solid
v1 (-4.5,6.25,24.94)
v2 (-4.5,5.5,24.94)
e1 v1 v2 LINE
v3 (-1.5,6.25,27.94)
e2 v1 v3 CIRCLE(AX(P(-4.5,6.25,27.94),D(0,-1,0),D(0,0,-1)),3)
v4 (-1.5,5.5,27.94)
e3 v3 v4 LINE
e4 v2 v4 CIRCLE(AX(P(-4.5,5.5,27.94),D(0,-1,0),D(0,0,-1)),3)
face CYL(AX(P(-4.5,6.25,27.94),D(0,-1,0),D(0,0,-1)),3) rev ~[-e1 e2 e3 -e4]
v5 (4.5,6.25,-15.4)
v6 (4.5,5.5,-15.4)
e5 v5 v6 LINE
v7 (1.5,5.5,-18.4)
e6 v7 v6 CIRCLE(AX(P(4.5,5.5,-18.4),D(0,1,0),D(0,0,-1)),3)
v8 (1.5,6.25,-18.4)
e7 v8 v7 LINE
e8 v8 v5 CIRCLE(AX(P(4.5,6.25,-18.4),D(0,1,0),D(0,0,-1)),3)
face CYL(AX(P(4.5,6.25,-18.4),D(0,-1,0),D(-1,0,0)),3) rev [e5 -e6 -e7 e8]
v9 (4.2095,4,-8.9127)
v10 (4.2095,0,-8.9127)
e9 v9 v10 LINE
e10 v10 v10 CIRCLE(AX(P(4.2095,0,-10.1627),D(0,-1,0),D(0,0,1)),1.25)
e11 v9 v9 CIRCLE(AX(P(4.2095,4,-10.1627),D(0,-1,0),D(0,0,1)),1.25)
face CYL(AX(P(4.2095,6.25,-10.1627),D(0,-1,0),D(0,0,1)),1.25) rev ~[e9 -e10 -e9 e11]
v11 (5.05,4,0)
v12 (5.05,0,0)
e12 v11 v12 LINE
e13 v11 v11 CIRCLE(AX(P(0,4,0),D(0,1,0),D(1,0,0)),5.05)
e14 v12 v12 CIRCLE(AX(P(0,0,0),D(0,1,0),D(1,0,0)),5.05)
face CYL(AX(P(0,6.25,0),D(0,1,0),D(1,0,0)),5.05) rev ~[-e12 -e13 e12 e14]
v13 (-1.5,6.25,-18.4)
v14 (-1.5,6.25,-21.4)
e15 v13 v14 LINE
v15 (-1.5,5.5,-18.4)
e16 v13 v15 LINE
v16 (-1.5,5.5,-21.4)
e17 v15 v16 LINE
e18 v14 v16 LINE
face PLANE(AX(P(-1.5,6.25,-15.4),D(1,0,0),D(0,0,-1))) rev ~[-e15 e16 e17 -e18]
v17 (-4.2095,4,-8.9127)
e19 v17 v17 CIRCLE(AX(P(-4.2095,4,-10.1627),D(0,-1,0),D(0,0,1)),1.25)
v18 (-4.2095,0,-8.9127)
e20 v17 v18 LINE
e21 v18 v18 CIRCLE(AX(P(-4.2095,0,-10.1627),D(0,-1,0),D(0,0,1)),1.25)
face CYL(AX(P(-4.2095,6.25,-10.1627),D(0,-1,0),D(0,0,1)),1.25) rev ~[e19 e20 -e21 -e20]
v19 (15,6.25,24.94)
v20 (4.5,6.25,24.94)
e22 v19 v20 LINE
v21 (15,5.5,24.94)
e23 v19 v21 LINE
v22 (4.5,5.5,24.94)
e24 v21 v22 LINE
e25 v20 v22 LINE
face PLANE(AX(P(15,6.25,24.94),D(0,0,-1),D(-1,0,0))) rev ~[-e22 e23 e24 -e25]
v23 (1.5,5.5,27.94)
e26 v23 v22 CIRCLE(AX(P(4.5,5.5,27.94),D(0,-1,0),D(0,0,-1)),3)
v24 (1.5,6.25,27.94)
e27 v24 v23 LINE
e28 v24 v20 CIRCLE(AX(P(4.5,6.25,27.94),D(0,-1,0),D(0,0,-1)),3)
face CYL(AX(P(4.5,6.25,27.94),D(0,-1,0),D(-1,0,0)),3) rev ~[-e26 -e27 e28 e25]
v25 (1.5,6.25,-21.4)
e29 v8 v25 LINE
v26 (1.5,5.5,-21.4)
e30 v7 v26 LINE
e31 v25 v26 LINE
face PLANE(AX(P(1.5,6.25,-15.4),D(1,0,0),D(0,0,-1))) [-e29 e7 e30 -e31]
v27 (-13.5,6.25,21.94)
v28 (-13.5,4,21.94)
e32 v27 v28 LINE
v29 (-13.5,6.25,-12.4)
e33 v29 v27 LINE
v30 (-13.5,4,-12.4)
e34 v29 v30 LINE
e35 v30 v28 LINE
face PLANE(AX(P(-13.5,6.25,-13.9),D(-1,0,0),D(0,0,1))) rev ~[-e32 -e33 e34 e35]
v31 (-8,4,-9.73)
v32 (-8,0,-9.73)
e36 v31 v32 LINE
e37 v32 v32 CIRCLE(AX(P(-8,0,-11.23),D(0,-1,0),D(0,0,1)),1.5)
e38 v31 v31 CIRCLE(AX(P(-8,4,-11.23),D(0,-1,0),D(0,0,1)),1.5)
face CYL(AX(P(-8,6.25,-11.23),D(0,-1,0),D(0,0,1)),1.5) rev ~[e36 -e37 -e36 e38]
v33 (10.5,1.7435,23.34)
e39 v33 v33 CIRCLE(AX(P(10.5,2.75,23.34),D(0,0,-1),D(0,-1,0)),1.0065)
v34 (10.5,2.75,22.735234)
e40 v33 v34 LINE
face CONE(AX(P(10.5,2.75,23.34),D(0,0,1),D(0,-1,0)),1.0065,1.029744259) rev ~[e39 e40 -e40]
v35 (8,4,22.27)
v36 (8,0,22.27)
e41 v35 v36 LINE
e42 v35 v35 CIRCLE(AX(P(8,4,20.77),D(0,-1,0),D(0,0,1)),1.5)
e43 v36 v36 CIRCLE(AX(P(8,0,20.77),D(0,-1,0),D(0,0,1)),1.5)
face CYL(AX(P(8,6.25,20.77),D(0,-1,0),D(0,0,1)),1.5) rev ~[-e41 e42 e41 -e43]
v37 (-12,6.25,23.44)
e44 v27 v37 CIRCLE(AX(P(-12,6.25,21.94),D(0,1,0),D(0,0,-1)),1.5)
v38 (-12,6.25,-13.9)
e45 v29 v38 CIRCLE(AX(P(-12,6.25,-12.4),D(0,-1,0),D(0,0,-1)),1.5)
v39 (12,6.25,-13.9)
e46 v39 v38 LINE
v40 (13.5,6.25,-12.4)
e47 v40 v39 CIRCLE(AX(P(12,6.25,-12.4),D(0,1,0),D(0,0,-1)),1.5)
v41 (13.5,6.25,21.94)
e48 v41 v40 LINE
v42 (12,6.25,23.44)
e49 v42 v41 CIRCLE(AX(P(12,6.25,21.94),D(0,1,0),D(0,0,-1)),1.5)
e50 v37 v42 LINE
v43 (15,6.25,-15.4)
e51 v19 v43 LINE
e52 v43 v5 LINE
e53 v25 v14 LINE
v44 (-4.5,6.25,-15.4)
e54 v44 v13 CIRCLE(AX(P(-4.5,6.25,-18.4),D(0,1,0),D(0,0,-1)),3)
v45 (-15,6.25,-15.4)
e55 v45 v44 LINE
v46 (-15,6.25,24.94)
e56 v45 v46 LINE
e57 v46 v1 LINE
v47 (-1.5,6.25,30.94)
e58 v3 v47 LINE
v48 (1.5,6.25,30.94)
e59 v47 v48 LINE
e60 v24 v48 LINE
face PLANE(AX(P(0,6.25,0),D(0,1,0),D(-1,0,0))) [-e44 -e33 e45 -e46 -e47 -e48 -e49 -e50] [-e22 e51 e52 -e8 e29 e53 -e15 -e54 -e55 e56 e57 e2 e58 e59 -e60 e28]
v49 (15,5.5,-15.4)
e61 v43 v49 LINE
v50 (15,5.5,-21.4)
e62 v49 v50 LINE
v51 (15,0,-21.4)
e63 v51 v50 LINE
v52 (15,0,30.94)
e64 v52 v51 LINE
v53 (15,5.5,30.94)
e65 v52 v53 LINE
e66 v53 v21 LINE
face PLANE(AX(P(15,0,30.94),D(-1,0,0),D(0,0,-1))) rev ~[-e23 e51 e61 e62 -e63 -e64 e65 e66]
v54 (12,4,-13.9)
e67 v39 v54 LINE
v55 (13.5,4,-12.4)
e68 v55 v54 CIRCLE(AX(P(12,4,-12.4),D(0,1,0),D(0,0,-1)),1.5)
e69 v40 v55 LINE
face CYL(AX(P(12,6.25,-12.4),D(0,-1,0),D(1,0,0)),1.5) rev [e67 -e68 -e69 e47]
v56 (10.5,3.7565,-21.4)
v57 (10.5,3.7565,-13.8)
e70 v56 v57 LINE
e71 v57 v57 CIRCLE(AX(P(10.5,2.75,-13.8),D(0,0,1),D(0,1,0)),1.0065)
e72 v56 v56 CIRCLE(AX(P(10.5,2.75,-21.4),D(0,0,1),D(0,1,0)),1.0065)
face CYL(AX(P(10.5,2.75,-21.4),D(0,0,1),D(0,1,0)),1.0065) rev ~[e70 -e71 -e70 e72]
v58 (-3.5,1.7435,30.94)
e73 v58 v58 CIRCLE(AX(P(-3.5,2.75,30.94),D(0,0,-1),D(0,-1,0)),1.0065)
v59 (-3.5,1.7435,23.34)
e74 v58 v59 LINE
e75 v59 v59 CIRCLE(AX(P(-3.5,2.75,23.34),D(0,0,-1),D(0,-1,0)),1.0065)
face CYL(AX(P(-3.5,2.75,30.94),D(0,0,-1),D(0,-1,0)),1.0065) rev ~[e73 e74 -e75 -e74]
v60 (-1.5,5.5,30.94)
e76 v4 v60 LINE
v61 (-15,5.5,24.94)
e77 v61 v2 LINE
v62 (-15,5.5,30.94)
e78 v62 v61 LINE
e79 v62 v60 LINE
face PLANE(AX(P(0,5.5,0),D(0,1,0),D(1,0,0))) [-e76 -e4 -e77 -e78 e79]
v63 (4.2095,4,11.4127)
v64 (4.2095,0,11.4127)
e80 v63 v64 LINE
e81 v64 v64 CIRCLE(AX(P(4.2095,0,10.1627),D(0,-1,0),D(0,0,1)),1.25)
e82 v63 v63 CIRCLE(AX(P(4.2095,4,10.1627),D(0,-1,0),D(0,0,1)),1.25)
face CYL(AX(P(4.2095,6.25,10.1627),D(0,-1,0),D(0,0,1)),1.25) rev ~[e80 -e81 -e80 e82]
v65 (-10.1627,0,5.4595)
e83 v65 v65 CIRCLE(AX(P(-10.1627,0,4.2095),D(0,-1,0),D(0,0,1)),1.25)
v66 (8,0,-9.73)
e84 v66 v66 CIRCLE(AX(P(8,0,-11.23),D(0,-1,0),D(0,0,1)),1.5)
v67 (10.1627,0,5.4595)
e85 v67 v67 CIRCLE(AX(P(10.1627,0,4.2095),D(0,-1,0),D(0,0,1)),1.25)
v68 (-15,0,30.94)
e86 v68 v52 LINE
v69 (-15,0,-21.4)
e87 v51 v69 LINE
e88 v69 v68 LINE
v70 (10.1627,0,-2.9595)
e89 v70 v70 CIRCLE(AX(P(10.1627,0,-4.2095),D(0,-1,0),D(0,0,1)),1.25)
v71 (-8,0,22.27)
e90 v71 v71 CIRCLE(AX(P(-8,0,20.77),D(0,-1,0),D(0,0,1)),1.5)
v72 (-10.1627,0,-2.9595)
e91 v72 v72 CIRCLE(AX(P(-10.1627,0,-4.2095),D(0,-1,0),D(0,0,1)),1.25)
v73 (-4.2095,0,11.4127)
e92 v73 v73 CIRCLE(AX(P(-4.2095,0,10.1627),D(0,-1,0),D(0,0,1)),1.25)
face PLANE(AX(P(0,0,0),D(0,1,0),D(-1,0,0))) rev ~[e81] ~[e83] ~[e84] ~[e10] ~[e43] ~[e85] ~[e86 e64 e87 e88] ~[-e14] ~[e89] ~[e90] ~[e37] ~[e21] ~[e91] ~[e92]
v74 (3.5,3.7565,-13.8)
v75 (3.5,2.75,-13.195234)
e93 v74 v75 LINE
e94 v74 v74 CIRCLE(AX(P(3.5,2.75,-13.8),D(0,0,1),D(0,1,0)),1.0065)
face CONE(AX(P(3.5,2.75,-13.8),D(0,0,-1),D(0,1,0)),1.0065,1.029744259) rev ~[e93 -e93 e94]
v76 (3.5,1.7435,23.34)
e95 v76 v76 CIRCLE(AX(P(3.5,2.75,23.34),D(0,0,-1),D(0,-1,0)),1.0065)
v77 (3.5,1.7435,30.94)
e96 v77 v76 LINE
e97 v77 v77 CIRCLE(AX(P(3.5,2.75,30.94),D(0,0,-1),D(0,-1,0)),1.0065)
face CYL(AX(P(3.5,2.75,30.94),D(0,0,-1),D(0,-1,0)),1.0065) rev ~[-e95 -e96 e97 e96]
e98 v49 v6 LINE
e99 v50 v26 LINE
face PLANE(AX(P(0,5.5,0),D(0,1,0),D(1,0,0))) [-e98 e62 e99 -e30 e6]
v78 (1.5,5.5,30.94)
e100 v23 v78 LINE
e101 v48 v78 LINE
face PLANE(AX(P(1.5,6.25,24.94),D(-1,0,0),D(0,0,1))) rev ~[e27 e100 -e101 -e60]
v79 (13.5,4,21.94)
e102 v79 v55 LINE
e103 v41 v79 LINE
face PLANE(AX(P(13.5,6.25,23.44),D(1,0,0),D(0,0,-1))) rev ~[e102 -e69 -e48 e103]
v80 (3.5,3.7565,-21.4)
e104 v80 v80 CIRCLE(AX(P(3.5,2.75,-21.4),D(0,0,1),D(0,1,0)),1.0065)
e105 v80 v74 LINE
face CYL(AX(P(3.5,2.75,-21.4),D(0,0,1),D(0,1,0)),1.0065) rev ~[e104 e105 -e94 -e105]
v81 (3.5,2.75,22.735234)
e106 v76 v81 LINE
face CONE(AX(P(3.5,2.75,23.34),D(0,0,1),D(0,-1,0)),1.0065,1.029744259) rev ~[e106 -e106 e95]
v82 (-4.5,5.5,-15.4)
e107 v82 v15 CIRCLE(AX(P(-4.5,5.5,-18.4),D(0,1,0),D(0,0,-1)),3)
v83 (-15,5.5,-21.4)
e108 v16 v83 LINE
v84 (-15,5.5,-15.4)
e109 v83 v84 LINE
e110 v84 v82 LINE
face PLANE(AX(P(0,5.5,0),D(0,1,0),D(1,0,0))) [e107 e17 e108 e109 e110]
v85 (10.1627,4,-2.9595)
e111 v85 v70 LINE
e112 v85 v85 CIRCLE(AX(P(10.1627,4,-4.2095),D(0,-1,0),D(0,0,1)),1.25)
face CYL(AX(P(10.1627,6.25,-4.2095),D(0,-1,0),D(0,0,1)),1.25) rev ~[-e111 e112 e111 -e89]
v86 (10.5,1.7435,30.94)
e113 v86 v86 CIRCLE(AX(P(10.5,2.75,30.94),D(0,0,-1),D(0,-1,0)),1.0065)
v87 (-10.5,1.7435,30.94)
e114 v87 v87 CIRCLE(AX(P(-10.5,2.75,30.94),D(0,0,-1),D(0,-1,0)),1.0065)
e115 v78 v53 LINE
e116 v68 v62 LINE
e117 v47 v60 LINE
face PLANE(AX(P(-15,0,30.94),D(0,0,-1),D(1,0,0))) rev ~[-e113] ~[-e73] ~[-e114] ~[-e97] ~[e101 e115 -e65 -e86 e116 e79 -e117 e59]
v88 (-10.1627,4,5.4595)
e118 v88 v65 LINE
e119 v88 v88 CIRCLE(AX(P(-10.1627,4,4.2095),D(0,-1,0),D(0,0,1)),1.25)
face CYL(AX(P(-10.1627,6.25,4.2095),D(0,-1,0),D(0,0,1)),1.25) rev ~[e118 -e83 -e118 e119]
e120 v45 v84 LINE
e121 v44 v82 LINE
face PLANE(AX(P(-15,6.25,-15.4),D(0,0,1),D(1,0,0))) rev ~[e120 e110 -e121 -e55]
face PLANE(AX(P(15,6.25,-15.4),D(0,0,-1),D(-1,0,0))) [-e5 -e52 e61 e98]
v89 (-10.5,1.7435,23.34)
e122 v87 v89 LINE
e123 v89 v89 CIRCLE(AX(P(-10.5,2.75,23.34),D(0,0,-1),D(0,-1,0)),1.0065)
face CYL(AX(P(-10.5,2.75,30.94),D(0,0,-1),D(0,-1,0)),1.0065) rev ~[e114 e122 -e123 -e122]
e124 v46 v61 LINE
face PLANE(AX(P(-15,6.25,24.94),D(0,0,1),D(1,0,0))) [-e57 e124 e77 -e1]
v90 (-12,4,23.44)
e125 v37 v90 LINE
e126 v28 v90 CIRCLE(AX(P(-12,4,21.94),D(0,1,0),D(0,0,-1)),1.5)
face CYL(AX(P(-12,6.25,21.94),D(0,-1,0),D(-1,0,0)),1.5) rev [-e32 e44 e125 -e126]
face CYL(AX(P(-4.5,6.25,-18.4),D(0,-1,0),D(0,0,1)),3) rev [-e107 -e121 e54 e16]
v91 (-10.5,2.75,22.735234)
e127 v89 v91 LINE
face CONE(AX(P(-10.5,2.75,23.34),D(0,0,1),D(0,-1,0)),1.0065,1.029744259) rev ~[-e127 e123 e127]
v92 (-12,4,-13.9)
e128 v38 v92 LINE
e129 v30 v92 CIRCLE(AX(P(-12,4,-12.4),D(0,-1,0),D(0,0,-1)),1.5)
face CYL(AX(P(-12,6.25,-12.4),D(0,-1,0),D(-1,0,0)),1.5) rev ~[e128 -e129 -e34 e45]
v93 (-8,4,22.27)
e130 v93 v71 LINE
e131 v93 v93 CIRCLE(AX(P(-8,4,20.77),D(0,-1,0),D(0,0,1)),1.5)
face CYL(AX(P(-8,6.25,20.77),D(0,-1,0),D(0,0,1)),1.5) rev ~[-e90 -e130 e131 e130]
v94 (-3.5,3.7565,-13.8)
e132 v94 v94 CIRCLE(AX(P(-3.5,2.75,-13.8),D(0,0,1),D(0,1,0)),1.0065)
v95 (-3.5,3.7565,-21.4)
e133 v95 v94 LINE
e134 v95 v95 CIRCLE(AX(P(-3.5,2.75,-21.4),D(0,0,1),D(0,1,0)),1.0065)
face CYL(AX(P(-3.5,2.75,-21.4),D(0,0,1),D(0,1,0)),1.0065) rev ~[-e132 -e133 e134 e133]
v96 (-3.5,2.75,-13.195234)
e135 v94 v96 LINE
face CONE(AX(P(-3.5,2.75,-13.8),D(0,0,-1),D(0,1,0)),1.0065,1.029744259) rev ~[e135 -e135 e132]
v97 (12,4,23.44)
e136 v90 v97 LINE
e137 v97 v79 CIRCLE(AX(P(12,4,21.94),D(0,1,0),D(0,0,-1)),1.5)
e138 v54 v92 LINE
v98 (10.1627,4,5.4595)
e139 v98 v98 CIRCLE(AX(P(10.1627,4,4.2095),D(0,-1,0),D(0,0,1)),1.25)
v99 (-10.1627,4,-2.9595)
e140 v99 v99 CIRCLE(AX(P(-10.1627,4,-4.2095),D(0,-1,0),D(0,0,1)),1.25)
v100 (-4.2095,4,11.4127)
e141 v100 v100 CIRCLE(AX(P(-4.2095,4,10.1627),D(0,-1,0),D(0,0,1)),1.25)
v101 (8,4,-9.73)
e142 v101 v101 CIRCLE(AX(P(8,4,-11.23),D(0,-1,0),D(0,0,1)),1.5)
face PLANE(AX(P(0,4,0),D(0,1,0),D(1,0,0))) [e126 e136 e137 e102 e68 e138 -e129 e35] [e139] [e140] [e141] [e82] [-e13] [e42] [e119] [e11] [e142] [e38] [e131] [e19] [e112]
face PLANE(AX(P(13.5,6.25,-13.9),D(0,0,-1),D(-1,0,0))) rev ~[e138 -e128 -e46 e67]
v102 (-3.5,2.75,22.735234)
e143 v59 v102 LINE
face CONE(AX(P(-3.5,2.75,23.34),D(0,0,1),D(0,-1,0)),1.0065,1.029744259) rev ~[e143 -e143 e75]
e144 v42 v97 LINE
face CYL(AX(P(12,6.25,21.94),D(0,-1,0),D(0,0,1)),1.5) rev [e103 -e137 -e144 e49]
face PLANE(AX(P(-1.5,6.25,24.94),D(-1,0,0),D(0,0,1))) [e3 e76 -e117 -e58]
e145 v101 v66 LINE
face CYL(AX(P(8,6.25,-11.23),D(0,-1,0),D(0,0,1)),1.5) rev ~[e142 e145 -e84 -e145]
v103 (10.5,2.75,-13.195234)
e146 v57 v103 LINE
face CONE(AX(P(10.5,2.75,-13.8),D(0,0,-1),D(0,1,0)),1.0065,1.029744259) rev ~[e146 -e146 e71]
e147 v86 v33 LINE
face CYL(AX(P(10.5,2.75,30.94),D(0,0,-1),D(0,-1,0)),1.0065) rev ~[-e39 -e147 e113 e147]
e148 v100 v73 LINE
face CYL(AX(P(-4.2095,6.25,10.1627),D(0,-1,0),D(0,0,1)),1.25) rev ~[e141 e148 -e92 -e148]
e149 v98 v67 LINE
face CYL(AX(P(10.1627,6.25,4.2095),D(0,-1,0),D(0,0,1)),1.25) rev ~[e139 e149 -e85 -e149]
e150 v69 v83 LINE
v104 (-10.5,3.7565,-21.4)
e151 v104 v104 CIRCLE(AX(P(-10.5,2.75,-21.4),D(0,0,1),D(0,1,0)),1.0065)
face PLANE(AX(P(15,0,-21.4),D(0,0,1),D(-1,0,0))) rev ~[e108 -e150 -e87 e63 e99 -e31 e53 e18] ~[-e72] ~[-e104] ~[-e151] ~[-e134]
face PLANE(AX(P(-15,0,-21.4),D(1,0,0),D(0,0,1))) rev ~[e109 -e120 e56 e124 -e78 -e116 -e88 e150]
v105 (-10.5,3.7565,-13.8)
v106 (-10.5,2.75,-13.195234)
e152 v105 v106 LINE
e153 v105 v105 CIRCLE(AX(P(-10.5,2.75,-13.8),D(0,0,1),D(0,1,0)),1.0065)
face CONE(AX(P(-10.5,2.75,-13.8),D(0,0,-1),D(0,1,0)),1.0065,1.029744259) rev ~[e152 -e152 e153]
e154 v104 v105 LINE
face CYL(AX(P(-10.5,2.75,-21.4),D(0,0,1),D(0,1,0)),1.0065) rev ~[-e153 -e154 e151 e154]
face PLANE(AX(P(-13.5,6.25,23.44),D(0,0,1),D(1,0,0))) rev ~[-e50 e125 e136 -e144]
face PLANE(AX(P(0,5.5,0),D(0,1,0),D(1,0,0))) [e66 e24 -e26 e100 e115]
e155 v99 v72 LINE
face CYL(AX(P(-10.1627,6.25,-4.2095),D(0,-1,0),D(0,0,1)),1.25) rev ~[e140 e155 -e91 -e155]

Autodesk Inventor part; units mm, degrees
ref_plane "YZ Plane" through (0, 0, 0) normal (1, 0, 0) x (0, 1, 0)
ref_plane "XZ Plane" through (0, 0, 0) normal (0, 1, 0) x (-1, 0, 0)
ref_plane "XY Plane" through (0, 0, 0) normal (0, 0, 1) x (1, 0, 0)
sketch "Sketch1" plane through (0, 0, 0) normal (0, 1, 0) x (-1, 0, 0)
  line L0 (15, 30.94) -> (-15, 30.94)
  line L1 (-15, 30.94) -> (-15, -21.4)
  line L2 (-15, -21.4) -> (15, -21.4)
  line L3 (15, -21.4) -> (15, 30.94)
  line L4 (0, 30.94) -> (0, -21.4) construction
  line L5 (15, 0) -> (-15, 0) construction
  line L6 (15, 4.77) -> (-15, 4.77) construction
  point P0 (0, 0)
  point P1 (0, 0)
  dimension "d0" = 52.34
  dimension "d1" = 30
  dimension "d64" = 4.77
extrude "Extrusion1" add sketch "Sketch1" along normal blind 6.25
sketch "Sketch2" plane through (0, 6.25, 0) normal (0, 1, 0) x (1, 0, 0)
  circle A0 centre (0, 0) radius 11 construction
  line L0 (0, 0) -> (-4.2095, -10.1627) construction
  line L1 (-15, -30.94) -> (15, -30.94) projected
  line L2 (15, -30.94) -> (15, 21.4) projected
  line L3 (15, 21.4) -> (-15, 21.4) projected
  line L4 (-15, 21.4) -> (-15, -30.94) projected
  line L5 (0, 0) -> (-4.2095, -10.1627) construction
  line L6 (0, 0) -> (0, -30.94) construction
  point P0 (4.2095, -10.1627)
  point P1 (10.1627, -4.2095)
  point P2 (10.1627, 4.2095)
  point P3 (4.2095, 10.1627)
  point P4 (-4.2095, 10.1627)
  point P5 (-10.1627, 4.2095)
  point P6 (-10.1627, -4.2095)
  dimension "d7" = 22
  dimension "d8" = 360
  dimension "d98" = 22.5
hole "Hole1" at (-4.2095, 6.25, 10.1627) at (-10.1627, 6.25, 4.2095) at (-10.1627, 6.25, -4.2095) at (-4.2095, 6.25, -10.1627) at (4.2095, 6.25, -10.1627) at (10.1627, 6.25, -4.2095) at (10.1627, 6.25, 4.2095) at (4.2095, 6.25, 10.1627) direction (0, -1, 0) diameter 2.5 end through all
sketch "Sketch3" plane through (0, 6.25, 0) normal (0, 1, 0) x (1, 0, 0)
  circle A0 centre (0, 0) radius 5.05
  dimension "d17" = 10.1
extrude "Extrusion2" cut sketch "Sketch3" against normal through all
sketch "Sketch4" plane through (0, 6.25, 0) normal (0, 1, 0) x (1, 0, 0)
  line L0 (-8, -20.77) -> (8, -20.77) construction
  line L1 (8, -20.77) -> (8, 11.23) construction
  line L2 (8, 11.23) -> (-8, 11.23) construction
  line L3 (-8, 11.23) -> (-8, -20.77) construction
  line L4 (-15, -30.94) -> (15, -30.94) construction
  line L5 (0, -30.94) -> (0, 21.4) construction
  line L6 (15, 21.4) -> (-15, 21.4) construction
  line L7 (-15, 21.4) -> (-15, -30.94) construction
  line L8 (-15, -4.77) -> (15, -4.77) construction
  line L9 (15, -30.94) -> (15, 21.4) construction
  line L10 (0, -20.77) -> (0, 11.23) construction
  line L11 (-8, -4.77) -> (8, -4.77) construction
  point P0 (0, 0)
  dimension "d20" = 32
  dimension "d21" = 16
hole "Hole2" at (-8, 6.25, 20.77) at (8, 6.25, 20.77) at (8, 6.25, -11.23) at (-8, 6.25, -11.23) direction (0, -1, 0) diameter 3 end through all
sketch "Sketch6" plane through (-15, 0, 30.94) normal (0, 0, 1) x (1, 0, 0)
  line L0 (-10.3797, 2.75) -> (37.9037, 2.75) construction
  line L1 (0, 0) -> (30, 0) construction
  line L2 (0, 0) -> (0, 6.25) projected
  point P0 (15, 0)
  point P1 (4.5, 2.75)
  point P2 (11.5, 2.75)
  point P3 (18.5, 2.75)
  point P4 (25.5, 2.75)
  dimension "d33" = 2.75
  dimension "d34" = 4.5
  dimension "d37" = 7
hole "Hole3" at (-10.5, 2.75, 30.94) at (-3.5, 2.75, 30.94) at (3.5, 2.75, 30.94) at (10.5, 2.75, 30.94) direction (0, 0, -1) diameter 2.013 depth 7.6 tip angle 118 thread size "M2.5x0.45" class "6H" standard "ANSI Metric M Profile"
sketch "Sketch7" plane through (15, 0, -21.4) normal (0, 0, -1) x (-1, 0, 0)
  line L0 (-10.51, 2.75) -> (37.7733, 2.75) construction
  line L1 (0, 0) -> (29.8697, 0) construction
  line L2 (0, 0) -> (0, 3.7534)
  line L3 (0, 0) -> (30, 0) projected
  line L4 (0, 0) -> (0, 6.25) projected
  point P0 (15, 0)
  point P1 (15, 0)
  point P2 (4.5, 2.75)
  point P3 (11.5, 2.75)
  point P4 (18.5, 2.75)
  point P5 (25.5, 2.75)
  dimension "d53" = 2.75
  dimension "d54" = 4.5
  dimension "d55" = 7
hole "Hole4" at (10.5, 2.75, -21.4) at (-10.5, 2.75, -21.4) at (-3.5, 2.75, -21.4) at (3.5, 2.75, -21.4) direction (0, 0, 1) diameter 2.013 depth 7.6 tip angle 118 thread size "M2.5x0.45" class "6H" standard "ANSI Metric M Profile"
sketch "Sketch8" plane through (0, 6.25, 0) normal (0, 1, 0) x (1, 0, 0)
  line L0 (0, 32.012) -> (0, -41.432) construction
  line L1 (-15, -30.94) -> (15, -30.94) projected
  line L2 (15, 21.4) -> (-15, 21.4) projected
  line L3 (-1.5, -30.94) -> (-15, -30.94)
  line L4 (-15, -30.94) -> (-15, -24.94)
  line L5 (-15, -24.94) -> (-1.5, -24.94)
  line L6 (1.5, -30.94) -> (15, -30.94)
  line L7 (15, -30.94) -> (15, -24.94)
  line L8 (15, -24.94) -> (1.5, -24.94)
  line L9 (15, -30.94) -> (15, 21.4) projected
  line L10 (-15, 21.4) -> (-15, -30.94) projected
  line L11 (-1.5, -24.94) -> (-1.5, -30.94)
  line L12 (-15, -30.94) -> (15, -30.94) projected
  line L13 (1.5, -24.94) -> (1.5, -30.94)
  line L14 (-15, -4.77) -> (15, -4.77) construction
  line L15 (-1.5, 21.4) -> (-15, 21.4)
  line L16 (-15, 21.4) -> (-15, 15.4)
  line L17 (-15, 15.4) -> (-1.5, 15.4)
  line L18 (1.5, 21.4) -> (15, 21.4)
  line L19 (15, 21.4) -> (15, 15.4)
  line L20 (15, 15.4) -> (1.5, 15.4)
  line L21 (-1.5, 15.4) -> (-1.5, 21.4)
  line L22 (1.5, 15.4) -> (1.5, 21.4)
  line L23 (-21.8515, -28.94) -> (23.2072, -28.94) construction
  point P0 (0, 0)
  dimension "d80" = 6
  dimension "d81" = 3
  dimension "d82" = 13.5
  dimension "d86" = 2
sketch "Sketch9" plane through (0, 6.25, 0) normal (0, 1, 0) x (1, 0, 0)
  circle A0 centre (-4.2095, -10.1627) radius 1.25 construction
  circle A1 centre (4.2095, -10.1627) radius 1.25 construction
  circle A2 centre (10.1627, -4.2095) radius 1.25 construction
  circle A3 centre (10.1627, 4.2095) radius 1.25 construction
  circle A4 centre (4.2095, 10.1627) radius 1.25 construction
  circle A5 centre (-4.2095, 10.1627) radius 1.25 construction
  circle A6 centre (-10.1627, 4.2095) radius 1.25 construction
  circle A7 centre (-10.1627, -4.2095) radius 1.25 construction
  circle A8 centre (0, 0) radius 11 construction
hole "Hole5" at (-4.2095, 6.25, 10.1627) at (4.2095, 6.25, 10.1627) at (10.1627, 6.25, 4.2095) at (10.1627, 6.25, -4.2095) at (4.2095, 6.25, -10.1627) at (-4.2095, 6.25, -10.1627) at (-10.1627, 6.25, -4.2095) at (-10.1627, 6.25, 4.2095) direction (0, -1, 0) diameter 5 depth 2.175
extrude "Extrusion6" cut sketch "Sketch8" against normal blind 0.75 contours L4 L5 L11 L1 | L13 L8 L7 L1 | L10 L2 L21 L17 | L20 L22 L2 L9
fillet "Fillet1" radius 3 4 edges at (1.5, 5.875, 24.94) (-1.5, 5.875, 24.94) (1.5, 5.875, -15.4) (-1.5, 5.875, -15.4)
sketch "Sketch11" plane through (0, 6.25, 0) normal (0, 1, 0) x (1, 0, 0)
  line L0 (-13.5, -23.44) -> (13.5, -23.44)
  line L1 (13.5, -23.44) -> (13.5, 13.9)
  line L2 (13.5, 13.9) -> (-13.5, 13.9)
  line L3 (-13.5, 13.9) -> (-13.5, -23.44)
  line L4 (-15, 15.4) -> (-15, -24.94) projected
  line L5 (15, -24.94) -> (15, 15.4) projected
  line L6 (-1.5, -30.94) -> (-15, -30.94) projected
  line L7 (-15, 21.4) -> (-1.5, 21.4) projected
  circle A0 centre (-8, 11.23) radius 3 construction
  arc A1 (-6.5016, 11.1609) -> (-6.6857, 10.5071) centre (-8, 11.23) ccw construction
  point P0 (0, 0)
  dimension "d87" = 7.5
  dimension "d88" = 7.5
  dimension "d91" = 1.5
  dimension "d92" = 1.5
  dimension "d93" = 6
extrude "Extrusion7" cut sketch "Sketch11" against normal blind 2.25
fillet "Fillet2" radius 1.5 4 edges at (-13.5, 5.125, 23.44) (13.5, 5.125, 23.44) (13.5, 5.125, -13.9) (-13.5, 5.125, -13.9)
equation "\"d0\" = total_width"
equation "\"d64\" = axis_offset"
equation "\"d3\" = plate_thickness"
equation "\"d7\" = d9"
equation "\"d18\" = plate_thickness"
equation "\"d33\" = hole_2_bottom"
equation "\"d53\" = hole_2_bottom"
equation "\"d83\" = plate_thickness - border_thickness"
equation "\"plate_thickness\" = 6.25"
equation "\"d9\" = 22"
equation "\"tol\" = 0.1"
equation "\"border_thickness\" = 5.5"
equation "\"hole_2_bottom\" = 0.5 * border_thickness"
equation "\"central_thickness\" = 4"
equation "\"side_thickness\" = 3"
equation "\"side_trace_depth\" = 1"
equation "\"internal_width\" = bloc_106_spacing - side_thickness"
equation "\"total_width\" = internal_width + 2 * side_trace_depth"
equation "\"axis_offset\" = 0.5 * internal_width + side_thickness - axis_to_N102"
equation "\"bloc_106_spacing\" = 53.34"
equation "\"axis_to_N102\" = 23.4"
properties part number "new_base_u64" material "Aluminum 2014-T4"
